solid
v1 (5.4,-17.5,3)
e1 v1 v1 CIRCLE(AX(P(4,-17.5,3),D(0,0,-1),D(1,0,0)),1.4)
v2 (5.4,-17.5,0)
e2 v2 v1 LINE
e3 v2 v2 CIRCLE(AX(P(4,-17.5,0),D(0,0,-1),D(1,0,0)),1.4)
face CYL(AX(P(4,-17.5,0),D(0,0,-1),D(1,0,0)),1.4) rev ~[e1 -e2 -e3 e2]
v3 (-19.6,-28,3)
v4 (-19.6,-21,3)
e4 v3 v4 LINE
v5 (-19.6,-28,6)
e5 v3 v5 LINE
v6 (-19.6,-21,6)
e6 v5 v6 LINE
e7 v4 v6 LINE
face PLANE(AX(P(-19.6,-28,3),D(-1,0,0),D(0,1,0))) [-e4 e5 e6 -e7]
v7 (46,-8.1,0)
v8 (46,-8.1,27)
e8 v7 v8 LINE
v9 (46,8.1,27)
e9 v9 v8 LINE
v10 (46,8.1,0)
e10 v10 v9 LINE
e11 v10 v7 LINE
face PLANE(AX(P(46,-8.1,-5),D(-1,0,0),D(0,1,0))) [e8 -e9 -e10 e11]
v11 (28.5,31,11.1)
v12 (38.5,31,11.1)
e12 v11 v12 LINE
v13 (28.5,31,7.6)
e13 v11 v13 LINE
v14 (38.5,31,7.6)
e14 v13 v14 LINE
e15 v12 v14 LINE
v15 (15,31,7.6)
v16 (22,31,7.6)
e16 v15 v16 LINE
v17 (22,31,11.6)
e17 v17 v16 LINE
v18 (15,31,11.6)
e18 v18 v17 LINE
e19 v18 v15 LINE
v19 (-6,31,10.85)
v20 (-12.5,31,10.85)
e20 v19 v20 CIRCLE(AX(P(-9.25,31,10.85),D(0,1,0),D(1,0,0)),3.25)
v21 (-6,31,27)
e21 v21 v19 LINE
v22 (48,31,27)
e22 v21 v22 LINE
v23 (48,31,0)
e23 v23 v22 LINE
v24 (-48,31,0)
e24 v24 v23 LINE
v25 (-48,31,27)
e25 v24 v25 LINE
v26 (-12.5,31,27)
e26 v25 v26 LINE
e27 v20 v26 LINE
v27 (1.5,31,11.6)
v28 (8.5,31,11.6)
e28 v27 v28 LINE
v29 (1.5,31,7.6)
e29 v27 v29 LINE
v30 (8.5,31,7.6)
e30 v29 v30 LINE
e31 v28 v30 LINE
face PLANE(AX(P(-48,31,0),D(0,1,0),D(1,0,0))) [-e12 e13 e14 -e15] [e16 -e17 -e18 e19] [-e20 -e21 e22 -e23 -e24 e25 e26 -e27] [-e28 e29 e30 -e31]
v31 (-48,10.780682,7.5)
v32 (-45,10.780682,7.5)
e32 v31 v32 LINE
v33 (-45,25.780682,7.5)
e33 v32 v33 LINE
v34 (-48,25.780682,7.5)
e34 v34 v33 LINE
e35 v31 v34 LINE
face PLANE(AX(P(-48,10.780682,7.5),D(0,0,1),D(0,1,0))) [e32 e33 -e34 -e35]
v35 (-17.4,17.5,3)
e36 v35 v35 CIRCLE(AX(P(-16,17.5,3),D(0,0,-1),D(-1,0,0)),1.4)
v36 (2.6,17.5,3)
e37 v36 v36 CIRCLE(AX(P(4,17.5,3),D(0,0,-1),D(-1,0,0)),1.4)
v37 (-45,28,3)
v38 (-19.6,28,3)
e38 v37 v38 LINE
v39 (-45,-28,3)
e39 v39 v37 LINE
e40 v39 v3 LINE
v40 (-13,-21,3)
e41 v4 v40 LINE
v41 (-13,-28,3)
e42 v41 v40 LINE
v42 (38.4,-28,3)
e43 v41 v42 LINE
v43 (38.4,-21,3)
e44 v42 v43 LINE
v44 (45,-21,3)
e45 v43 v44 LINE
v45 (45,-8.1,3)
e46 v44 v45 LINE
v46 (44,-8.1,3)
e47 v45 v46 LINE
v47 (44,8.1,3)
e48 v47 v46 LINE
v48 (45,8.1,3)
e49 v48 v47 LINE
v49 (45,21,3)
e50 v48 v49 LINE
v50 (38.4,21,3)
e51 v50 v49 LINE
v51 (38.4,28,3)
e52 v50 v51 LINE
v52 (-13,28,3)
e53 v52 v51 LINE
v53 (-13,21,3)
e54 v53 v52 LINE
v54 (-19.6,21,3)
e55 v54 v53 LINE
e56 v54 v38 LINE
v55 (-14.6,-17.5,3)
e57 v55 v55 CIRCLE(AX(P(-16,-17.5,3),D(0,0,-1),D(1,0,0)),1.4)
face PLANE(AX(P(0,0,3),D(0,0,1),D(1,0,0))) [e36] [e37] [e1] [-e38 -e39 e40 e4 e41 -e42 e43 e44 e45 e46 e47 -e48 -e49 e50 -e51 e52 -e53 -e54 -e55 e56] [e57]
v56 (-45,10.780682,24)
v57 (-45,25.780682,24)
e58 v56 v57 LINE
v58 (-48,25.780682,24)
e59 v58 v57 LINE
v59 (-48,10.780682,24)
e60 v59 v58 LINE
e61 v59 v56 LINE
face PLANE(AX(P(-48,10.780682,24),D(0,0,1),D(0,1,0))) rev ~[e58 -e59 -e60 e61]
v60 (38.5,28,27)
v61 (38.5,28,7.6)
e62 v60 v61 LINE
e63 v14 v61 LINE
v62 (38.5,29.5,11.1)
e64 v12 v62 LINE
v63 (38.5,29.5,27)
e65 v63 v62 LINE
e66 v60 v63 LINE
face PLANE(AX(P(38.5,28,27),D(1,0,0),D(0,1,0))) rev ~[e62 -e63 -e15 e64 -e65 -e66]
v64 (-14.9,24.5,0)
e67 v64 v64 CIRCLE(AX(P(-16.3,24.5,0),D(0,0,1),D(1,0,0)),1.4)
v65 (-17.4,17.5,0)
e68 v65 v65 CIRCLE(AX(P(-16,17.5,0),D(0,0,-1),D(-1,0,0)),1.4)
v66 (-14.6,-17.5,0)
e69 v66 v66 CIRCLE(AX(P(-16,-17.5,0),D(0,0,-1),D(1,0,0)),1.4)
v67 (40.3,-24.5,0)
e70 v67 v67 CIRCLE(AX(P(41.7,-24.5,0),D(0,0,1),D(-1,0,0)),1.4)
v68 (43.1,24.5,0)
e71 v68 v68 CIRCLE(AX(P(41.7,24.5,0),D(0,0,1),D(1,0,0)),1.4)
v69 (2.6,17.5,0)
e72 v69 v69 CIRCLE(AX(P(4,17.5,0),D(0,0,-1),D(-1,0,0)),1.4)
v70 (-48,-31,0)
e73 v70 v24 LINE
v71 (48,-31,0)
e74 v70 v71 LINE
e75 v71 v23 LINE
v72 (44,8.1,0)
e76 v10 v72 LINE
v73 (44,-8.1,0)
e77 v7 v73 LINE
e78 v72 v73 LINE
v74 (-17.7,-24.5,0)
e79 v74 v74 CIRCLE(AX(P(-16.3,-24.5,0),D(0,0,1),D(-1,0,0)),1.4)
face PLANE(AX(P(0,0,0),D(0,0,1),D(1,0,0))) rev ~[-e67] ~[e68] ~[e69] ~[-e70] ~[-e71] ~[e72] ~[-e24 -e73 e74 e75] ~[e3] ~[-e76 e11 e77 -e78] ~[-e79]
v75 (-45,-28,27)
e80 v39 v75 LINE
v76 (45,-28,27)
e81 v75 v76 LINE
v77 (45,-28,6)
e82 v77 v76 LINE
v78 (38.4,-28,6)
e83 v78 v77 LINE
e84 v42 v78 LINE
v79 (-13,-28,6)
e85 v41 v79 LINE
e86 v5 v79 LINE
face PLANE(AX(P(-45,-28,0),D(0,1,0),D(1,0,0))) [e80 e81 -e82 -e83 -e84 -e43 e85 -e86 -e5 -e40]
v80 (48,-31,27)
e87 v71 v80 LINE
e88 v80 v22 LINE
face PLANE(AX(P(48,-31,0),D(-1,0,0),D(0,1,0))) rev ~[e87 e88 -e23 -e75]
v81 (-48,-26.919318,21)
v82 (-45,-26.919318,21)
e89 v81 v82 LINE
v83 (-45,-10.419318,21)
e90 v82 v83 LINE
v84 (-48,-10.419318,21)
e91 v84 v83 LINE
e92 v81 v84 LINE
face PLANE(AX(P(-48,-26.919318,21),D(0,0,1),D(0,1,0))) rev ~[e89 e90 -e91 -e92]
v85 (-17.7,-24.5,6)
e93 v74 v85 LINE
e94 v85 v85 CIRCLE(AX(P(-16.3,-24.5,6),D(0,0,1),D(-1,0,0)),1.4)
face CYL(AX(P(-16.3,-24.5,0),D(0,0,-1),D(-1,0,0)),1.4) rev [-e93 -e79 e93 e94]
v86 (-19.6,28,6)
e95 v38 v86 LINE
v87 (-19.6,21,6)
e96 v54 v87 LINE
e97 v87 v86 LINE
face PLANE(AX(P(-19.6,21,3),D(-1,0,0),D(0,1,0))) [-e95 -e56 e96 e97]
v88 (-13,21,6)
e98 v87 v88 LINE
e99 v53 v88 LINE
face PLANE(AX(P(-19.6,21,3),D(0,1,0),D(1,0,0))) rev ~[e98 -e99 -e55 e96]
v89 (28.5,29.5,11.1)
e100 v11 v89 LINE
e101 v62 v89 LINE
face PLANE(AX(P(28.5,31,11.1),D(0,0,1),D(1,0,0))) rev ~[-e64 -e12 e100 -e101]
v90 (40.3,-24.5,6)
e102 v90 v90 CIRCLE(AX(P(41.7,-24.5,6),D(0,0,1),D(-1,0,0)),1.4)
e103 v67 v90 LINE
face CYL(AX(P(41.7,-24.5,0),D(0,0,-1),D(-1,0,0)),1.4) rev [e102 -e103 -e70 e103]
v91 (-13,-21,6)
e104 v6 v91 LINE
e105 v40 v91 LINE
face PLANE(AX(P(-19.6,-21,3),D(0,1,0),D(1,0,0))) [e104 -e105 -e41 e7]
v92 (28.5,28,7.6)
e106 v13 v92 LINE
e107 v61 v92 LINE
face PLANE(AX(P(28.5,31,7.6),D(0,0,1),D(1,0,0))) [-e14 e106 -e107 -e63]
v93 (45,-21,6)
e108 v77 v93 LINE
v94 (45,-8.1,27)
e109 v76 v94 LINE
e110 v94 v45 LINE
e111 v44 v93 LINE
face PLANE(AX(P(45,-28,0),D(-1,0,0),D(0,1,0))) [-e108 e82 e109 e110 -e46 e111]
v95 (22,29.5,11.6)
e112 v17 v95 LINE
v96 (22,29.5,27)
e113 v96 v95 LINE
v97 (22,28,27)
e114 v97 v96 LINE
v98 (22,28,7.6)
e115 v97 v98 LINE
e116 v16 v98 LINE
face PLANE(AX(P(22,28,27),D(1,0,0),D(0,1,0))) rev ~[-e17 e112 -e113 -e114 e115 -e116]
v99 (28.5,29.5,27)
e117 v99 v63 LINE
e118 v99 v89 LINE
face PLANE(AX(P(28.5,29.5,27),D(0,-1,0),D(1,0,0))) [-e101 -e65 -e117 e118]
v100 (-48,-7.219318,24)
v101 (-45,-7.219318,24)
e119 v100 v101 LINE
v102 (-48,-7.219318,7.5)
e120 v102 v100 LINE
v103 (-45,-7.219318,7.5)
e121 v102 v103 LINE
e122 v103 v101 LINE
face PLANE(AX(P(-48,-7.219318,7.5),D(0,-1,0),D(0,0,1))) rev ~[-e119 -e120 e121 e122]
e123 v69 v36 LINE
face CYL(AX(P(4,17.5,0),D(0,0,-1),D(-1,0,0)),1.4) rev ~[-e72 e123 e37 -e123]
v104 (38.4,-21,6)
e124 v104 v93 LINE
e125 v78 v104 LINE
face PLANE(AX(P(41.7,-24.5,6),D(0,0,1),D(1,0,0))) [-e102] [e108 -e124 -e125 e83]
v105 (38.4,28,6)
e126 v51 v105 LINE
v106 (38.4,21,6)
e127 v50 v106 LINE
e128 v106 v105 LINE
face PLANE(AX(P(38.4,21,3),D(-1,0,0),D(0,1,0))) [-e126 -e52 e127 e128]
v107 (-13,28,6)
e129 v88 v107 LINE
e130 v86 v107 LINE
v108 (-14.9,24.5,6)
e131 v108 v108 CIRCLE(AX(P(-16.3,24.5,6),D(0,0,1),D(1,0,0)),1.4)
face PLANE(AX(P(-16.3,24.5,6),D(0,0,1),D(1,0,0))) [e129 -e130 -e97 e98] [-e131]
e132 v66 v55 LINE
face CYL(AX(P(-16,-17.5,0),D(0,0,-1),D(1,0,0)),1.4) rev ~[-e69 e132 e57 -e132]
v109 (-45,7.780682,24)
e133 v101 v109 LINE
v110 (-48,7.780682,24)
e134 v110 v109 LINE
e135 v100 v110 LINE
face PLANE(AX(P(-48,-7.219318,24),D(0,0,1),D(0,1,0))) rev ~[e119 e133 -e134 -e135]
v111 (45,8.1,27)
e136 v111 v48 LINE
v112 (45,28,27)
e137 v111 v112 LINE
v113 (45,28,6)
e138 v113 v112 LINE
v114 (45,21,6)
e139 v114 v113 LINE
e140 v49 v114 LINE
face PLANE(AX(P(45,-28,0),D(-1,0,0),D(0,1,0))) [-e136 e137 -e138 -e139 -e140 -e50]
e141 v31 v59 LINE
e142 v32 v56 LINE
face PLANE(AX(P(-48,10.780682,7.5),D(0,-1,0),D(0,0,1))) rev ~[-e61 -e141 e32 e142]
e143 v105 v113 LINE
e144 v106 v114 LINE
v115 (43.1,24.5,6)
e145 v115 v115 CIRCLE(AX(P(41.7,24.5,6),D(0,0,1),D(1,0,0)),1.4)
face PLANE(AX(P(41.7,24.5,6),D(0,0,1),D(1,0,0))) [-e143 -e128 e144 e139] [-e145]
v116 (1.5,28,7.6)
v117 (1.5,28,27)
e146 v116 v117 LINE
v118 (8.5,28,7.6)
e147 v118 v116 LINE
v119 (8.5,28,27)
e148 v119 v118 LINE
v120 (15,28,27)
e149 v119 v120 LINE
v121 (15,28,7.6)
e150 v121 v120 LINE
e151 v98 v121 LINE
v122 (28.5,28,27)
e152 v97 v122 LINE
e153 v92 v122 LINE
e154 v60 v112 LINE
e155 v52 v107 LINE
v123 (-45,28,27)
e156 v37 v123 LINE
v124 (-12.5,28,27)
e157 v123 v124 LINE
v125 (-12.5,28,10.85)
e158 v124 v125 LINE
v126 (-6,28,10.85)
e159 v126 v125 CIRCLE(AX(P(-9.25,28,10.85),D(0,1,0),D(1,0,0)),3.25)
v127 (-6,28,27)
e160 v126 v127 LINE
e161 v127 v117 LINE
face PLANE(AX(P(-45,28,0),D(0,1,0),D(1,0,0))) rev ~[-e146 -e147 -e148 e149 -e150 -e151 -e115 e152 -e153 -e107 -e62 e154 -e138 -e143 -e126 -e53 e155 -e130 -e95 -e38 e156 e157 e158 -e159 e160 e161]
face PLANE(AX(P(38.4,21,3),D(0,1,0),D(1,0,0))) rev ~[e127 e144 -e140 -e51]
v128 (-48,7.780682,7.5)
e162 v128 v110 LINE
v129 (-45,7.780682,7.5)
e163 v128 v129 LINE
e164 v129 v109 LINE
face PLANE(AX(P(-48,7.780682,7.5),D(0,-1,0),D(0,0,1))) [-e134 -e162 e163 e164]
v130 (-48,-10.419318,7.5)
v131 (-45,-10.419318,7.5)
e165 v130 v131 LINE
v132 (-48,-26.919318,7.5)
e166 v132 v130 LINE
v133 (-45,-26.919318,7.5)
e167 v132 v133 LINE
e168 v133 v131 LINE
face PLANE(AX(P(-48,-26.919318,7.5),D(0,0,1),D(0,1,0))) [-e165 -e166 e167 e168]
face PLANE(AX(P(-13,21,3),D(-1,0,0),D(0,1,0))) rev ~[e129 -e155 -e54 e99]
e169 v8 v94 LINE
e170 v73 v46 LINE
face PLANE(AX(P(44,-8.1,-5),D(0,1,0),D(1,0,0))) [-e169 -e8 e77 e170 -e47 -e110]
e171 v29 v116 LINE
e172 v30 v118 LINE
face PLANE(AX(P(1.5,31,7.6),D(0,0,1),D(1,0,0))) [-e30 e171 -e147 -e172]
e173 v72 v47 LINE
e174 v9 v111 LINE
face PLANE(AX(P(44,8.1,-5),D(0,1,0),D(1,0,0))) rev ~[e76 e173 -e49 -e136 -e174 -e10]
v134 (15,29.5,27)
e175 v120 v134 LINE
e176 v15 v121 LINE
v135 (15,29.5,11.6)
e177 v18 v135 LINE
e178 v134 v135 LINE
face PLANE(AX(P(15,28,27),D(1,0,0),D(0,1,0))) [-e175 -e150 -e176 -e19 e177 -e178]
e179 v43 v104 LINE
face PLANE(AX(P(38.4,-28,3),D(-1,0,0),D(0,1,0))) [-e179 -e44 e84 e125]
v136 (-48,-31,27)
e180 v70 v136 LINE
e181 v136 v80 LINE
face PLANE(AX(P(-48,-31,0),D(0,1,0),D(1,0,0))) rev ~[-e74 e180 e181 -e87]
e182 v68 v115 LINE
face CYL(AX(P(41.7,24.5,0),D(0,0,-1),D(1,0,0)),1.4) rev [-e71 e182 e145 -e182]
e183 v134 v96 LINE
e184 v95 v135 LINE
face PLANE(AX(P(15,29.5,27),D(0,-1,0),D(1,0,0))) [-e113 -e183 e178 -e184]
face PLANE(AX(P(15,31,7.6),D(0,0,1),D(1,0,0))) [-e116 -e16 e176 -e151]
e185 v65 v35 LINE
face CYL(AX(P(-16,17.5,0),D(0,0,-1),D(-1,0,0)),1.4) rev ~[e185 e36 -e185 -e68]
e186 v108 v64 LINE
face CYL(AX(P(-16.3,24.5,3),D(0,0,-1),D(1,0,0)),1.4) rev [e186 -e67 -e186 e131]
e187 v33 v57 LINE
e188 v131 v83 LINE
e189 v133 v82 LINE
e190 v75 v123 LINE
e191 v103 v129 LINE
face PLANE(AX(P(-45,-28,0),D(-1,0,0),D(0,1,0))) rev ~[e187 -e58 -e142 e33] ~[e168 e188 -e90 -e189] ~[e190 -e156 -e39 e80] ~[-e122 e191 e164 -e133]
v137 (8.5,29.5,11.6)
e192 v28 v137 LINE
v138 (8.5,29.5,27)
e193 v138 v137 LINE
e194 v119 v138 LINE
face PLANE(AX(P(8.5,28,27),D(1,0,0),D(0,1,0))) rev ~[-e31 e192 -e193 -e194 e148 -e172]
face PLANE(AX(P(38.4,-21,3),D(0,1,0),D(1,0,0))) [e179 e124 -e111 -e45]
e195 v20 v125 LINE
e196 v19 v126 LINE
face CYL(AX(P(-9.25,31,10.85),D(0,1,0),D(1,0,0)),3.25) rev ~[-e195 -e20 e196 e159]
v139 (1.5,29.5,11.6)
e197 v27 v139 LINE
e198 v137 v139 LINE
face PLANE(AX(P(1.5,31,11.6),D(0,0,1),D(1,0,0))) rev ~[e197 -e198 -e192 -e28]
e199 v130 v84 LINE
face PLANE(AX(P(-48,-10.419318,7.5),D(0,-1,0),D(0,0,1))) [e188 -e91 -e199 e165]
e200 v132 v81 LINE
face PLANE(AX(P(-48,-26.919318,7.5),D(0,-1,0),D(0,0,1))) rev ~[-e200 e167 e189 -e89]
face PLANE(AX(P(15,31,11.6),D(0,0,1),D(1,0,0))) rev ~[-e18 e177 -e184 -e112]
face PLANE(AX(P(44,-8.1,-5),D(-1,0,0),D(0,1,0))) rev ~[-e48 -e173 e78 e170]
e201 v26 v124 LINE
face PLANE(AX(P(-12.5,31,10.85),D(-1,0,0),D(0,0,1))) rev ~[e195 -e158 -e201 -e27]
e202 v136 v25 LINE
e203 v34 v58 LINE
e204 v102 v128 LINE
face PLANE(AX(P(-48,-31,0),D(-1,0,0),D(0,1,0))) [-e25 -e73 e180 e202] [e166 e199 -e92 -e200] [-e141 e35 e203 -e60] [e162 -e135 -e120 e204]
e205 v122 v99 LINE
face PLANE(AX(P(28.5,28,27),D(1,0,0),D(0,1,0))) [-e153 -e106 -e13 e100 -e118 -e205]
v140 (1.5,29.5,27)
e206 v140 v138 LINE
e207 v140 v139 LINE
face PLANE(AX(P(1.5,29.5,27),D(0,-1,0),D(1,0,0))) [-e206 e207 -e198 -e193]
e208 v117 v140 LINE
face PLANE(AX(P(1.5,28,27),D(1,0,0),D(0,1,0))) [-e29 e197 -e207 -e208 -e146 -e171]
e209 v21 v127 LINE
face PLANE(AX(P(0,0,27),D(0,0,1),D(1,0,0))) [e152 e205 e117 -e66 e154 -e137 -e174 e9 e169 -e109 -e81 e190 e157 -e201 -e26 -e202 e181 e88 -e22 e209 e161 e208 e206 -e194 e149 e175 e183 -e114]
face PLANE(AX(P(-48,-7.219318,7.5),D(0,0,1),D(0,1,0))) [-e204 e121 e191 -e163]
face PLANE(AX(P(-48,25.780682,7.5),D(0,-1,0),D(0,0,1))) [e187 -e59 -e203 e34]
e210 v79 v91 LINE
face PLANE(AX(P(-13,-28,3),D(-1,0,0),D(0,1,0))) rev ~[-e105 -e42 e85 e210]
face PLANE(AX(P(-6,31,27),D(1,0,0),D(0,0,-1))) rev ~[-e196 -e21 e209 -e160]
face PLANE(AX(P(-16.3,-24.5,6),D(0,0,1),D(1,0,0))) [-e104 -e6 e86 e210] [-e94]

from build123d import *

# Parameters (mm, degrees)
SKETCH_1_W               = 90
SKETCH_1_H               = 56
SKETCH_1_R               = 1.4
EXTRUDE_1_DEPTH          = 3
SKETCH_2_W               = 6.6
SKETCH_2_H               = 7
SKETCH_2_R               = 1.4
EXTRUDE_2_DEPTH          = 3
SKETCH_3_W               = 96
SKETCH_3_H               = 62
SKETCH_3_W_2             = 90
SKETCH_3_H_2             = 56
EXTRUDE_3_DEPTH          = 27
SKETCH_4_W               = 16.5
SKETCH_4_H               = 15
SKETCH_4_W_2             = 13.5
SKETCH_4_H_2             = 16.5
CUT_EXTRUDE_1_DEPTH      = 3
CUT_EXTRUDE_2_REACH      = 84.928
SKETCH_5_W               = 10
SKETCH_5_H               = 3.5
SKETCH_5_W_2             = 7
SKETCH_5_H_2             = 4
CUT_EXTRUDE_3_REACH      = 65.198
SKETCH_6_W               = 7
SKETCH_6_H               = 1.5
SKETCH_6_W_2             = 10
CUT_EXTRUDE_6_DEPTH      = 64.198101237
CUT_EXTRUDE_6_DEPTH_BACK = 5
SKETCH_7_W               = 2
SKETCH_7_H               = 16.2
SKETCH_8_R               = 1.4
CUT_EXTRUDE_7_DEPTH      = 5


with BuildPart() as part:
    # 스케치1 → 보스-돌출1 (new body)
    with BuildSketch(Plane.XY):
        Rectangle(SKETCH_1_W, SKETCH_1_H)
        with Locations((-16.3, 24.5)):
            Circle(SKETCH_1_R, mode=Mode.SUBTRACT)
        with Locations((41.7, 24.5)):
            Circle(SKETCH_1_R, mode=Mode.SUBTRACT)
        with Locations(Location((41.7, -24.5, 0), (0, 0, 180))):
            Circle(SKETCH_1_R, mode=Mode.SUBTRACT)
        with Locations(Location((-16.3, -24.5, 0), (0, 0, 180))):
            Circle(SKETCH_1_R, mode=Mode.SUBTRACT)
    extrude(amount=EXTRUDE_1_DEPTH)

    # 스케치2 → 보스-돌출2 (add)
    # profile 1 of 4: a face of its own
    with BuildSketch(Plane.XY.offset(3)):
        with Locations((-16.3, 24.5)):
            Rectangle(SKETCH_2_W, SKETCH_2_H)
        with Locations((-16.3, 24.5)):
            Circle(SKETCH_2_R, mode=Mode.SUBTRACT)
    # profile 2 of 4: a face of its own
    with BuildSketch(Plane.XY.offset(3)):
        with Locations((41.7, 24.5)):
            Rectangle(SKETCH_2_W, SKETCH_2_H)
        with Locations((41.7, 24.5)):
            Circle(SKETCH_2_R, mode=Mode.SUBTRACT)
    # profile 3 of 4: a face of its own
    with BuildSketch(Plane.XY.offset(3)):
        with Locations((41.7, -24.5)):
            Rectangle(SKETCH_2_W, SKETCH_2_H)
        with Locations(Location((41.7, -24.5, 0), (0, 0, 180))):
            Circle(SKETCH_2_R, mode=Mode.SUBTRACT)
    # profile 4 of 4: a face of its own
    with BuildSketch(Plane.XY.offset(3)):
        with Locations((-16.3, -24.5)):
            Rectangle(SKETCH_2_W, SKETCH_2_H)
        with Locations(Location((-16.3, -24.5, 0), (0, 0, 180))):
            Circle(SKETCH_2_R, mode=Mode.SUBTRACT)
    extrude(amount=EXTRUDE_2_DEPTH)

    # 스케치3 → 보스-돌출3 (add)
    with BuildSketch(Plane.XY):
        Rectangle(SKETCH_3_W, SKETCH_3_H)
        Rectangle(SKETCH_3_W_2, SKETCH_3_H_2, mode=Mode.SUBTRACT)
    extrude(amount=EXTRUDE_3_DEPTH)

    # 스케치4 → 컷-돌출1 (cut)
    with BuildSketch(Plane.ZY.offset(48)):
        with Locations((15.75, 18.280682484)):
            Rectangle(SKETCH_4_W, SKETCH_4_H)
        with Locations((15.75, 0.280682484)):
            Rectangle(SKETCH_4_W, SKETCH_4_H)
        with Locations((14.25, -18.669317516)):
            Rectangle(SKETCH_4_W_2, SKETCH_4_H_2)
    extrude(amount=-CUT_EXTRUDE_1_DEPTH, mode=Mode.SUBTRACT)

    # 스케치5 → 컷-돌출2 (cut, up to next)
    with BuildSketch(Plane(origin=(0, 31, 0), x_dir=(1, 0, 0), z_dir=(0, 1, 0)), mode=Mode.PRIVATE) as cut_extrude_2_sk1:
        with Locations((33.5, -9.35)):
            Rectangle(SKETCH_5_W, SKETCH_5_H)
    cut_extrude_2_tool1 = extrude(cut_extrude_2_sk1.sketch, amount=-CUT_EXTRUDE_2_REACH, mode=Mode.PRIVATE) & part.part
    # 스케치5 → 컷-돌출2 (cut, up to next)
    with BuildSketch(Plane(origin=(0, 31, 0), x_dir=(1, 0, 0), z_dir=(0, 1, 0)), mode=Mode.PRIVATE) as cut_extrude_2_sk2:
        with Locations((18.5, -9.6)):
            Rectangle(SKETCH_5_W_2, SKETCH_5_H_2)
    cut_extrude_2_tool2 = extrude(cut_extrude_2_sk2.sketch, amount=-CUT_EXTRUDE_2_REACH, mode=Mode.PRIVATE) & part.part
    # 스케치5 → 컷-돌출2 (cut, up to next)
    with BuildSketch(Plane(origin=(0, 31, 0), x_dir=(1, 0, 0), z_dir=(0, 1, 0)), mode=Mode.PRIVATE) as cut_extrude_2_sk3:
        with Locations((5, -9.6)):
            Rectangle(SKETCH_5_W_2, SKETCH_5_H_2)
    cut_extrude_2_tool3 = extrude(cut_extrude_2_sk3.sketch, amount=-CUT_EXTRUDE_2_REACH, mode=Mode.PRIVATE) & part.part
    # 스케치5 → 컷-돌출2 (cut, up to next)
    with BuildSketch(Plane(origin=(0, 31, 0), x_dir=(1, 0, 0), z_dir=(0, 1, 0)), mode=Mode.PRIVATE) as cut_extrude_2_sk4:
        with BuildLine():
            Line((-12.5, -10.85), (-12.5, -27))
            Line((-12.5, -27), (-6, -27))
            Line((-6, -27), (-6, -10.85))
            ThreePointArc((-6, -10.85), (-9.25, -7.6), (-12.5, -10.85))
        make_face()
    cut_extrude_2_tool4 = extrude(cut_extrude_2_sk4.sketch, amount=-CUT_EXTRUDE_2_REACH, mode=Mode.PRIVATE) & part.part
    add(cut_extrude_2_tool1.solids().sort_by_distance((33.5, 31, 9.35))[0], mode=Mode.SUBTRACT)
    add(cut_extrude_2_tool2.solids().sort_by_distance((18.5, 31, 9.6))[0], mode=Mode.SUBTRACT)
    add(cut_extrude_2_tool3.solids().sort_by_distance((5, 31, 9.6))[0], mode=Mode.SUBTRACT)
    add(cut_extrude_2_tool4.solids().sort_by_distance((-9.25, 31, 17.634661))[0], mode=Mode.SUBTRACT)

    # 스케치6 → 컷-돌출3 (cut, up to next)
    with BuildSketch(Plane.XY.offset(27), mode=Mode.PRIVATE) as cut_extrude_3_sk1:
        with Locations((5, 28.75)):
            Rectangle(SKETCH_6_W, SKETCH_6_H)
    cut_extrude_3_tool1 = extrude(cut_extrude_3_sk1.sketch, amount=-CUT_EXTRUDE_3_REACH, mode=Mode.PRIVATE) & part.part
    # 스케치6 → 컷-돌출3 (cut, up to next)
    with BuildSketch(Plane.XY.offset(27), mode=Mode.PRIVATE) as cut_extrude_3_sk2:
        with Locations((18.5, 28.75)):
            Rectangle(SKETCH_6_W, SKETCH_6_H)
    cut_extrude_3_tool2 = extrude(cut_extrude_3_sk2.sketch, amount=-CUT_EXTRUDE_3_REACH, mode=Mode.PRIVATE) & part.part
    # 스케치6 → 컷-돌출3 (cut, up to next)
    with BuildSketch(Plane.XY.offset(27), mode=Mode.PRIVATE) as cut_extrude_3_sk3:
        with Locations((33.5, 28.75)):
            Rectangle(SKETCH_6_W_2, SKETCH_6_H)
    cut_extrude_3_tool3 = extrude(cut_extrude_3_sk3.sketch, amount=-CUT_EXTRUDE_3_REACH, mode=Mode.PRIVATE) & part.part
    add(cut_extrude_3_tool1.solids().sort_by_distance((5, 28.75, 27))[0], mode=Mode.SUBTRACT)
    add(cut_extrude_3_tool2.solids().sort_by_distance((18.5, 28.75, 27))[0], mode=Mode.SUBTRACT)
    add(cut_extrude_3_tool3.solids().sort_by_distance((33.5, 28.75, 27))[0], mode=Mode.SUBTRACT)

    # 스케치7 → 컷-돌출6 (cut, two sides: drawn at the far end of the back side and taken through both)
    with BuildSketch(Plane.XY.offset(-CUT_EXTRUDE_6_DEPTH_BACK)):
        with Locations((45, 0)):
            Rectangle(SKETCH_7_W, SKETCH_7_H)
    extrude(amount=CUT_EXTRUDE_6_DEPTH + CUT_EXTRUDE_6_DEPTH_BACK, mode=Mode.SUBTRACT)

    # 스케치8 → 컷-돌출7 (cut)
    with BuildSketch(Plane(origin=(0, 0, 0), x_dir=(-1, 0, 0), z_dir=(0, 0, -1))):
        with Locations((-4, 17.5)):
            Circle(SKETCH_8_R)
        with Locations((16, 17.5)):
            Circle(SKETCH_8_R)
        with Locations(Location((-4, -17.5, 0), (0, 0, 180))):
            Circle(SKETCH_8_R)
        with Locations(Location((16, -17.5, 0), (0, 0, 180))):
            Circle(SKETCH_8_R)
    extrude(amount=-CUT_EXTRUDE_7_DEPTH, mode=Mode.SUBTRACT)


solid = part.part
